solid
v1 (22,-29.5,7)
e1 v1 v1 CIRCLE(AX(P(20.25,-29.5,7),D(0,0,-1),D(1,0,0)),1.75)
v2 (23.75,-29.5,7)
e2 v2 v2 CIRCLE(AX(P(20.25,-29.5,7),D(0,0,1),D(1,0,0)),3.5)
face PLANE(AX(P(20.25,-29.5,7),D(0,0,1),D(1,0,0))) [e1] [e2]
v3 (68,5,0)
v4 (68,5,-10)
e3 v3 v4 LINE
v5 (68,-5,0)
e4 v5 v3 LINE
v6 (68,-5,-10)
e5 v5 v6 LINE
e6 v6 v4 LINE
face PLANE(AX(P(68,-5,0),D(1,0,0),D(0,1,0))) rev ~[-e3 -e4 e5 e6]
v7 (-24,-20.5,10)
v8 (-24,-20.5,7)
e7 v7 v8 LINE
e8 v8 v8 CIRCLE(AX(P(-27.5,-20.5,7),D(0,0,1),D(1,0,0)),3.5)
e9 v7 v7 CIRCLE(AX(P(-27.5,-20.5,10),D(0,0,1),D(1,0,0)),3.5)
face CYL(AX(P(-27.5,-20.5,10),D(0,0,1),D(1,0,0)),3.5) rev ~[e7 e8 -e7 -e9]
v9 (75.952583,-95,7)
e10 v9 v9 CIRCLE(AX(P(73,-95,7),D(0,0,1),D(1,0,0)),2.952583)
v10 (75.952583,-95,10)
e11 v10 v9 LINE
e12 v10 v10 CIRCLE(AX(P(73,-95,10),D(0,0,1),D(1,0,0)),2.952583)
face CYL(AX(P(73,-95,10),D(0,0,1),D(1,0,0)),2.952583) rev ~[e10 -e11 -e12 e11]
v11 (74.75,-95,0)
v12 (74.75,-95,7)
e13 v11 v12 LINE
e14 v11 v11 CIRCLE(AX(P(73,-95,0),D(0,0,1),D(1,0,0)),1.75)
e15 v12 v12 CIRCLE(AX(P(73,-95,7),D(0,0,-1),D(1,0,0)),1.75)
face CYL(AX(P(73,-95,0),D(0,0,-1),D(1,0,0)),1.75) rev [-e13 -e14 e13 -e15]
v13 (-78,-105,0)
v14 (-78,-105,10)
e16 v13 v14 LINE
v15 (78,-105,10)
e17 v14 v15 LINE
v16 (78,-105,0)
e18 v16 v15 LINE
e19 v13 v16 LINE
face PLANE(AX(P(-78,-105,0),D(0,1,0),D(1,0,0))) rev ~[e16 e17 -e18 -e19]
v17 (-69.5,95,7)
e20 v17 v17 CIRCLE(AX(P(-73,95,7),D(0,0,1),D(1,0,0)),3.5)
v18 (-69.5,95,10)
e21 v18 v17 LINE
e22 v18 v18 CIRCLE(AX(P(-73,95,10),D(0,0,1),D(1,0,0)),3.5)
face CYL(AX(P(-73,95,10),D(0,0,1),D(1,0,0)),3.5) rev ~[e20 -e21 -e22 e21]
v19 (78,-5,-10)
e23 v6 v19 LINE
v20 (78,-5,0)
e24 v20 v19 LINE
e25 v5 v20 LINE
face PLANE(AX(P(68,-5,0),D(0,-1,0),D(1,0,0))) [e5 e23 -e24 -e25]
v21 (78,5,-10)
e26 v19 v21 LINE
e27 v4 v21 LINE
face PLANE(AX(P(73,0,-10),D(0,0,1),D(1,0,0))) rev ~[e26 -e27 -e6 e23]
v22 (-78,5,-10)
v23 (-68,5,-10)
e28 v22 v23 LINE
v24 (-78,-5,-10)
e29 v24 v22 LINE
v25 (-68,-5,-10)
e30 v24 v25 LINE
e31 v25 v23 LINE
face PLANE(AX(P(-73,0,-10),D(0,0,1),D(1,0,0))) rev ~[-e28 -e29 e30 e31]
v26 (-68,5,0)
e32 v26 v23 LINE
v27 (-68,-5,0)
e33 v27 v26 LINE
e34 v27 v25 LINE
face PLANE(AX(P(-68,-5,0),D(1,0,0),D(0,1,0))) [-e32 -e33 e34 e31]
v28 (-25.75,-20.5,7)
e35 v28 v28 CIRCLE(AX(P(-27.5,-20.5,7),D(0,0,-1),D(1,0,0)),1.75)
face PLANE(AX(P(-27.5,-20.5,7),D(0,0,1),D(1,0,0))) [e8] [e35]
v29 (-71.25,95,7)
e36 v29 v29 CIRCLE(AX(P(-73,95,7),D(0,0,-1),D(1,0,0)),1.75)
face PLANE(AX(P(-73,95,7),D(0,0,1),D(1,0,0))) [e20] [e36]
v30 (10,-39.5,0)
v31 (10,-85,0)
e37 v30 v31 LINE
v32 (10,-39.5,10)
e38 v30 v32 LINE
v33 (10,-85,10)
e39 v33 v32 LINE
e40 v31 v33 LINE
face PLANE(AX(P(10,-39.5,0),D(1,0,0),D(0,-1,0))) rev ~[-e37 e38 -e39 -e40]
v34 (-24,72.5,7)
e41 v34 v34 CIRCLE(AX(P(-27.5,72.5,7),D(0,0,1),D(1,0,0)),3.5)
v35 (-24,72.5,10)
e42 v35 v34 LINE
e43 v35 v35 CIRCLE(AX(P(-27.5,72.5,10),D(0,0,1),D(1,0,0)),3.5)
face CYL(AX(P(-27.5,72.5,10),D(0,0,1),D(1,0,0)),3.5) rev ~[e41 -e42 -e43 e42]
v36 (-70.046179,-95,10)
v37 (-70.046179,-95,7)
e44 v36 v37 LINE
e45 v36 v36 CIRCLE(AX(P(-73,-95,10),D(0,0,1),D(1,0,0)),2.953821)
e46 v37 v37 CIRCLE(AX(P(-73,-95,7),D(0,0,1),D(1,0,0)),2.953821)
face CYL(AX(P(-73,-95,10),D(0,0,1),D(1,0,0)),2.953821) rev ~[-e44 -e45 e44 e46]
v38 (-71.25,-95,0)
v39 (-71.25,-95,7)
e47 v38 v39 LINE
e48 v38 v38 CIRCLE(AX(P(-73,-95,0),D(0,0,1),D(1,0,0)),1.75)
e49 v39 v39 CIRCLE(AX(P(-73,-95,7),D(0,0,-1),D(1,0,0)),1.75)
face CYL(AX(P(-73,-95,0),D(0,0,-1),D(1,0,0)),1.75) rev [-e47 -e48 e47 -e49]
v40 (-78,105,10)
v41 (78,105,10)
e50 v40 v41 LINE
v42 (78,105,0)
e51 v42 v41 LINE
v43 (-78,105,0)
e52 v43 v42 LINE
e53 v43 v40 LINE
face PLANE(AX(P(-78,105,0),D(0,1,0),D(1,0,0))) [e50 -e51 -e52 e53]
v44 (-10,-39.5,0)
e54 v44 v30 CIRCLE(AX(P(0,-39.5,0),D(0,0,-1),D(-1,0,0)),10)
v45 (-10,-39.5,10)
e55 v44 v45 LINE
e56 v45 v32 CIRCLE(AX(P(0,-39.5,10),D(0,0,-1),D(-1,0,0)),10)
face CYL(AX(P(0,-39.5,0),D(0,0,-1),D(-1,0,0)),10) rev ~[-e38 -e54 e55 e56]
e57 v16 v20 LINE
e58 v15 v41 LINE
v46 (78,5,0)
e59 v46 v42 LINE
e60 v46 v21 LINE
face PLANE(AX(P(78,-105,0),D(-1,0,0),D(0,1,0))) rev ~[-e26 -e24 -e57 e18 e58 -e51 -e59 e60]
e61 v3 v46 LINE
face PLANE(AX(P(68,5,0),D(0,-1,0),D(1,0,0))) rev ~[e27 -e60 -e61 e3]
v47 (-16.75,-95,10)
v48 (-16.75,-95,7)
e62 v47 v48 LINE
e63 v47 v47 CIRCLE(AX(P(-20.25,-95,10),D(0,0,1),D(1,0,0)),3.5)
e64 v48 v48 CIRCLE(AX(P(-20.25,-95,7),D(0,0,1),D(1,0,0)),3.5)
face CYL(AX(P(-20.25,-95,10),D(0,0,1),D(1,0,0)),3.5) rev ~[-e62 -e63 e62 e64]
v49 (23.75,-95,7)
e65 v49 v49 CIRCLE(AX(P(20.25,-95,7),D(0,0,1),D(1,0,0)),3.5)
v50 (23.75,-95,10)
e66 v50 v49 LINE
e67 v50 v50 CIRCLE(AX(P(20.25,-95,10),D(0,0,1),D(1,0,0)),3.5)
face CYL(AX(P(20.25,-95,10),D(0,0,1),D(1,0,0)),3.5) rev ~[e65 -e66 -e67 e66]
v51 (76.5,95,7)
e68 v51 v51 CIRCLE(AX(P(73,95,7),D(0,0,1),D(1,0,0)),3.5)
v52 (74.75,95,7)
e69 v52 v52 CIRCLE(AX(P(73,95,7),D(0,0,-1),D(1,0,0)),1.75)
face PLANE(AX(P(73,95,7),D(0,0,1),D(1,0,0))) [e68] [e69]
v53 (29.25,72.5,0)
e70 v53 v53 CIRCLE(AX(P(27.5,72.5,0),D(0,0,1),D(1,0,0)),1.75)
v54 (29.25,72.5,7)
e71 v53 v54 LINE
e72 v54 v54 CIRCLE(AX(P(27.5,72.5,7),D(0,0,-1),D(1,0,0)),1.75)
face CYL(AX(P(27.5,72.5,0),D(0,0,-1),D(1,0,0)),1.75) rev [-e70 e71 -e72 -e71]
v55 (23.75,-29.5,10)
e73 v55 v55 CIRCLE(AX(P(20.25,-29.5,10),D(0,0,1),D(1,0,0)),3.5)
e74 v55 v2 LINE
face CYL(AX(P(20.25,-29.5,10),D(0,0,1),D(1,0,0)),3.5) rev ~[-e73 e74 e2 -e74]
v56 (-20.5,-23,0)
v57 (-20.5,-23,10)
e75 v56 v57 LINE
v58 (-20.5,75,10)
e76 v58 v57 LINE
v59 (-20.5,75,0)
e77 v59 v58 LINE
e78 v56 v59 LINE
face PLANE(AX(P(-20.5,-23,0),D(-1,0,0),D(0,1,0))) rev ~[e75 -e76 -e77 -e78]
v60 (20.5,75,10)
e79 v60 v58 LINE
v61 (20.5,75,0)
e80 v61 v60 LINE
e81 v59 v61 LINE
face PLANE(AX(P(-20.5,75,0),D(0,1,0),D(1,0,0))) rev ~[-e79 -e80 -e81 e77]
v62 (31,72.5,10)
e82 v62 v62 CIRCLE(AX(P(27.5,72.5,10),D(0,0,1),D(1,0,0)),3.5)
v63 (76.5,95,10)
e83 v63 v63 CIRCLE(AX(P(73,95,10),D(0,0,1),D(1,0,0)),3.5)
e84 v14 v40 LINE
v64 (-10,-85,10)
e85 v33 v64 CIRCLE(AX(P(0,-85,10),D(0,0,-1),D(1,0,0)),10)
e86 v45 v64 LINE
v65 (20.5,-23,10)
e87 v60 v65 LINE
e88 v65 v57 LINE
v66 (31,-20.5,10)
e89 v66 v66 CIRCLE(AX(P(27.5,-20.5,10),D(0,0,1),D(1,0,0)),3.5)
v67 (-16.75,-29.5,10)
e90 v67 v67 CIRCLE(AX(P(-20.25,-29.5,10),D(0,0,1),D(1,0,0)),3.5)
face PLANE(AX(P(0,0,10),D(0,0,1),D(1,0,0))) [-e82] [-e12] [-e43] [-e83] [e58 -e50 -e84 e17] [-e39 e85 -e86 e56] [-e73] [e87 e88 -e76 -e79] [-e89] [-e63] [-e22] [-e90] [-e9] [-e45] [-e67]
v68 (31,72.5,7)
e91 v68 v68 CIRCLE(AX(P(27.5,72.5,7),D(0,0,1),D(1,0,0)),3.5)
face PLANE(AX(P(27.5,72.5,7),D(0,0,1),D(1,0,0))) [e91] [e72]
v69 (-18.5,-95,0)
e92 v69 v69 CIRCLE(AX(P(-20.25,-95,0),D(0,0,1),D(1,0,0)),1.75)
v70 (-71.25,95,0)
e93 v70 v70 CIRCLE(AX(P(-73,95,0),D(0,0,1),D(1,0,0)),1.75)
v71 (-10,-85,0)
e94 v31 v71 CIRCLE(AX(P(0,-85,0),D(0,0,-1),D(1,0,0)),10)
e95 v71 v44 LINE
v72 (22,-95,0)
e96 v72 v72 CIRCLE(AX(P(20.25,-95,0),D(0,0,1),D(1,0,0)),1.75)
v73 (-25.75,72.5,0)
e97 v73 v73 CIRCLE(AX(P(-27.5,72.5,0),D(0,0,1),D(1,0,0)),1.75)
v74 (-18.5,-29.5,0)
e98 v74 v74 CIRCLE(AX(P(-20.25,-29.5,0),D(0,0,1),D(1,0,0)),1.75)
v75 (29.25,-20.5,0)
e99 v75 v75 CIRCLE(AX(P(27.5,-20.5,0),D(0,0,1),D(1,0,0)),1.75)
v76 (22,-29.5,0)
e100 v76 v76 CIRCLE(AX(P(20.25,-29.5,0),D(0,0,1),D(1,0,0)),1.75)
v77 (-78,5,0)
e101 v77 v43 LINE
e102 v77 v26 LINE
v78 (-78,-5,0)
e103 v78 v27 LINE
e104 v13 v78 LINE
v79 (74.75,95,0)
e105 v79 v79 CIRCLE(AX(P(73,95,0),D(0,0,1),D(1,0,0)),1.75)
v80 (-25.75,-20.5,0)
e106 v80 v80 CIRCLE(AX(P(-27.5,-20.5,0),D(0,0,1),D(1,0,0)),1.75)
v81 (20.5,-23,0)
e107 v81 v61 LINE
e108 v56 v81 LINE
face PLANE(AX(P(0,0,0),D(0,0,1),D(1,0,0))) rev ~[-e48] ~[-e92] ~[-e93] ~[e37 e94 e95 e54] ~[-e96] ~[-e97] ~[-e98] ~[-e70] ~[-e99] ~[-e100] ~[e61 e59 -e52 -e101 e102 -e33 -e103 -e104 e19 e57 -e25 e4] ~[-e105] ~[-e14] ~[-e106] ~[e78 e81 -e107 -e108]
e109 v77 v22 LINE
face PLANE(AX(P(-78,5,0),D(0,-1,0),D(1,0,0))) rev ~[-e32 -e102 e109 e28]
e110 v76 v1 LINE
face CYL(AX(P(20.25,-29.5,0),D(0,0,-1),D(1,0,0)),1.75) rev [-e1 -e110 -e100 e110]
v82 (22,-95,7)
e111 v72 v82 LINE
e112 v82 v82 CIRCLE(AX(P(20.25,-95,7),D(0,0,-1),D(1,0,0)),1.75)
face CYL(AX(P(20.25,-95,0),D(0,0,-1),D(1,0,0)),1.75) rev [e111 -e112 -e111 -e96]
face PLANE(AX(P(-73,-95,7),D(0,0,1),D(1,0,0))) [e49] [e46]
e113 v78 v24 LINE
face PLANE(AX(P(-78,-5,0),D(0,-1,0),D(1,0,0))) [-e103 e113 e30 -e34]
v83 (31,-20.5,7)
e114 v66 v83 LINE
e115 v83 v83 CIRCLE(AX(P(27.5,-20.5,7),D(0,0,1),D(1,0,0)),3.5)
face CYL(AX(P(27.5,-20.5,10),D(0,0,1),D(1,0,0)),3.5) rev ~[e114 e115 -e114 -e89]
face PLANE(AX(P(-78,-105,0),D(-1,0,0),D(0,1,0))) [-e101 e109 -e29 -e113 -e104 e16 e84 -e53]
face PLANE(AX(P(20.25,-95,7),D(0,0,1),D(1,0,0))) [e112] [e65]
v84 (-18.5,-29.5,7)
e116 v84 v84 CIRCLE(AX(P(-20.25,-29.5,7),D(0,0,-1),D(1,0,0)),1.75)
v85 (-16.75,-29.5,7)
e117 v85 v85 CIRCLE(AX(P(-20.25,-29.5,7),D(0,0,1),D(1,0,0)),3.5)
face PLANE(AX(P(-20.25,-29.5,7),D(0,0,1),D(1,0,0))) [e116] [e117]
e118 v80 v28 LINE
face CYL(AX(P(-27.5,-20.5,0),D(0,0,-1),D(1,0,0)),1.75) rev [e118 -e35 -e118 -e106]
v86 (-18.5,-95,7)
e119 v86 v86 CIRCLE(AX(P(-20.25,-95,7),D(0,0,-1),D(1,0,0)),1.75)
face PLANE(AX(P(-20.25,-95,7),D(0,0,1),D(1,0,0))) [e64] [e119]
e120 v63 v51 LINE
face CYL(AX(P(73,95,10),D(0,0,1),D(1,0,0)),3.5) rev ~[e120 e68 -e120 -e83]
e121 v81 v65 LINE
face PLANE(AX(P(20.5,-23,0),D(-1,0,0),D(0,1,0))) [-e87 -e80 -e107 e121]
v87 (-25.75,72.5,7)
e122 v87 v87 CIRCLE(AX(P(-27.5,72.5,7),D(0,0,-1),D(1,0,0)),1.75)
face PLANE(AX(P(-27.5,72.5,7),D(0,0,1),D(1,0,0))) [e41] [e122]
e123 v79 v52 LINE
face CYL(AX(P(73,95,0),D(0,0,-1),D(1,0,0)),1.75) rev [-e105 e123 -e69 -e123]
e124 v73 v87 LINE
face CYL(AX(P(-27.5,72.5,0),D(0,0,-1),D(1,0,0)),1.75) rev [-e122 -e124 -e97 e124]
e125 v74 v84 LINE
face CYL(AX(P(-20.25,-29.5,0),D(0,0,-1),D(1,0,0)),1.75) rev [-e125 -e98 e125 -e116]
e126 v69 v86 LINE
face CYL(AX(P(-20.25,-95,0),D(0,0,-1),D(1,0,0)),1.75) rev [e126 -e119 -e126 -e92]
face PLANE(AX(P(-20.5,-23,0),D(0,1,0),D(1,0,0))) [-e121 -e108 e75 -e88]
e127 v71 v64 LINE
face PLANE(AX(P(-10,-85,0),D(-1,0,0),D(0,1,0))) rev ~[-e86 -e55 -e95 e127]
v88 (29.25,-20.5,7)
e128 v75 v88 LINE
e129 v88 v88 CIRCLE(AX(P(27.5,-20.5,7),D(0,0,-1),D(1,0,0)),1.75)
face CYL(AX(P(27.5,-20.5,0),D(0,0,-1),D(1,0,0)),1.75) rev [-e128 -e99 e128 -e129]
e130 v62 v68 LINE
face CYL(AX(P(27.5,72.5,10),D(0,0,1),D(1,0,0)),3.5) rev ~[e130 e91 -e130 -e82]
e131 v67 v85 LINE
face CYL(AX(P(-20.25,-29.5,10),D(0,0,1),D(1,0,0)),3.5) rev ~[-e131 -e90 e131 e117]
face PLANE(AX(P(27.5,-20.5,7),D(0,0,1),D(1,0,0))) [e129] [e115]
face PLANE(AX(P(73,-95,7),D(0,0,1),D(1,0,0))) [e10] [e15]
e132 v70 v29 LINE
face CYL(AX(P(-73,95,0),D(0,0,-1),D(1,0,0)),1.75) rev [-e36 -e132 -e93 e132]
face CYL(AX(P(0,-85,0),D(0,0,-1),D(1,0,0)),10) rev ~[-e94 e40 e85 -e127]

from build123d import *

# Parameters (mm, degrees)
SKETCH1_W               = 156
SKETCH1_H               = 210
BOSS_EXTRUDE1_DEPTH     = 10
SKETCH2_W               = 10
SKETCH2_H               = 10
BOSS_EXTRUDE2_DEPTH     = 10
SKETCH3_R               = 1.75
CUT_EXTRUDE1_DEPTH      = 11
CUT_EXTRUDE1_DEPTH_BACK = 11
CUT_EXTRUDE2_START      = 10
SKETCH4_R               = 3.5
SKETCH4_R_2             = 2.952582507
SKETCH4_R_3             = 2.953821107
CUT_EXTRUDE2_DEPTH      = 3
SKETCH5_R               = 1.75
SKETCH5_W               = 41
SKETCH5_H               = 98
CUT_EXTRUDE3_DEPTH      = 11
CUT_EXTRUDE3_DEPTH_BACK = 11
CUT_EXTRUDE4_START      = 10
SKETCH6_R               = 3.5
CUT_EXTRUDE4_DEPTH      = 3


with BuildPart() as part:
    # Sketch1 → Boss-Extrude1 (new body)
    with BuildSketch(Plane.XY):
        Rectangle(SKETCH1_W, SKETCH1_H)
    extrude(amount=BOSS_EXTRUDE1_DEPTH)

    # Sketch2 → Boss-Extrude2 (add)
    with BuildSketch(Plane.XY):
        with Locations((-73, 0)):
            Rectangle(SKETCH2_W, SKETCH2_H)
        with Locations((73, 0)):
            Rectangle(SKETCH2_W, SKETCH2_H)
    extrude(amount=-BOSS_EXTRUDE2_DEPTH)

    # Sketch3 → Cut-Extrude1 (cut, two sides)
    with BuildSketch(Plane.XY) as cut_extrude1_sk:
        with Locations((-73, 95)):
            Circle(SKETCH3_R)
        with Locations((73, 95)):
            Circle(SKETCH3_R)
        with Locations((73, -95)):
            Circle(SKETCH3_R)
        with Locations((-73, -95)):
            Circle(SKETCH3_R)
    extrude(amount=CUT_EXTRUDE1_DEPTH, mode=Mode.SUBTRACT)
    extrude(cut_extrude1_sk.sketch, amount=-CUT_EXTRUDE1_DEPTH_BACK, mode=Mode.SUBTRACT)

    # Sketch4 → Cut-Extrude2 (cut)
    with BuildSketch(Plane.XY.offset(CUT_EXTRUDE2_START)):
        with Locations((-73, 95)):
            Circle(SKETCH4_R)
        with Locations((73, 95)):
            Circle(SKETCH4_R)
        with Locations((73, -95)):
            Circle(SKETCH4_R_2)
        with Locations((-73, -95)):
            Circle(SKETCH4_R_3)
    extrude(amount=-CUT_EXTRUDE2_DEPTH, mode=Mode.SUBTRACT)

    # Sketch5 → Cut-Extrude3 (cut, two sides)
    with BuildSketch(Plane.XY) as cut_extrude3_sk:
        with Locations((-27.5, 72.5)):
            Circle(SKETCH5_R)
        with Locations((27.5, 72.5)):
            Circle(SKETCH5_R)
        with Locations((27.5, -20.5)):
            Circle(SKETCH5_R)
        with Locations((-27.5, -20.5)):
            Circle(SKETCH5_R)
        with Locations((-20.25, -29.5)):
            Circle(SKETCH5_R)
        with Locations((20.25, -29.5)):
            Circle(SKETCH5_R)
        with Locations((20.25, -95)):
            Circle(SKETCH5_R)
        with Locations((-20.25, -95)):
            Circle(SKETCH5_R)
        with Locations((0, 26)):
            Rectangle(SKETCH5_W, SKETCH5_H)
        with BuildLine():
            Line((10, -39.5), (10, -85))
            ThreePointArc((10, -85), (0, -95), (-10, -85))
            Line((-10, -85), (-10, -39.5))
            ThreePointArc((-10, -39.5), (0, -29.5), (10, -39.5))
        make_face()
    extrude(amount=CUT_EXTRUDE3_DEPTH, mode=Mode.SUBTRACT)
    extrude(cut_extrude3_sk.sketch, amount=-CUT_EXTRUDE3_DEPTH_BACK, mode=Mode.SUBTRACT)

    # Sketch6 → Cut-Extrude4 (cut)
    with BuildSketch(Plane.XY.offset(CUT_EXTRUDE4_START)):
        with Locations((-20.25, -95)):
            Circle(SKETCH6_R)
        with Locations((20.25, -95)):
            Circle(SKETCH6_R)
        with Locations((20.25, -29.5)):
            Circle(SKETCH6_R)
        with Locations((-20.25, -29.5)):
            Circle(SKETCH6_R)
        with Locations((27.5, -20.5)):
            Circle(SKETCH6_R)
        with Locations((-27.5, -20.5)):
            Circle(SKETCH6_R)
        with Locations((-27.5, 72.5)):
            Circle(SKETCH6_R)
        with Locations((27.5, 72.5)):
            Circle(SKETCH6_R)
    extrude(amount=-CUT_EXTRUDE4_DEPTH, mode=Mode.SUBTRACT)


solid = part.part
